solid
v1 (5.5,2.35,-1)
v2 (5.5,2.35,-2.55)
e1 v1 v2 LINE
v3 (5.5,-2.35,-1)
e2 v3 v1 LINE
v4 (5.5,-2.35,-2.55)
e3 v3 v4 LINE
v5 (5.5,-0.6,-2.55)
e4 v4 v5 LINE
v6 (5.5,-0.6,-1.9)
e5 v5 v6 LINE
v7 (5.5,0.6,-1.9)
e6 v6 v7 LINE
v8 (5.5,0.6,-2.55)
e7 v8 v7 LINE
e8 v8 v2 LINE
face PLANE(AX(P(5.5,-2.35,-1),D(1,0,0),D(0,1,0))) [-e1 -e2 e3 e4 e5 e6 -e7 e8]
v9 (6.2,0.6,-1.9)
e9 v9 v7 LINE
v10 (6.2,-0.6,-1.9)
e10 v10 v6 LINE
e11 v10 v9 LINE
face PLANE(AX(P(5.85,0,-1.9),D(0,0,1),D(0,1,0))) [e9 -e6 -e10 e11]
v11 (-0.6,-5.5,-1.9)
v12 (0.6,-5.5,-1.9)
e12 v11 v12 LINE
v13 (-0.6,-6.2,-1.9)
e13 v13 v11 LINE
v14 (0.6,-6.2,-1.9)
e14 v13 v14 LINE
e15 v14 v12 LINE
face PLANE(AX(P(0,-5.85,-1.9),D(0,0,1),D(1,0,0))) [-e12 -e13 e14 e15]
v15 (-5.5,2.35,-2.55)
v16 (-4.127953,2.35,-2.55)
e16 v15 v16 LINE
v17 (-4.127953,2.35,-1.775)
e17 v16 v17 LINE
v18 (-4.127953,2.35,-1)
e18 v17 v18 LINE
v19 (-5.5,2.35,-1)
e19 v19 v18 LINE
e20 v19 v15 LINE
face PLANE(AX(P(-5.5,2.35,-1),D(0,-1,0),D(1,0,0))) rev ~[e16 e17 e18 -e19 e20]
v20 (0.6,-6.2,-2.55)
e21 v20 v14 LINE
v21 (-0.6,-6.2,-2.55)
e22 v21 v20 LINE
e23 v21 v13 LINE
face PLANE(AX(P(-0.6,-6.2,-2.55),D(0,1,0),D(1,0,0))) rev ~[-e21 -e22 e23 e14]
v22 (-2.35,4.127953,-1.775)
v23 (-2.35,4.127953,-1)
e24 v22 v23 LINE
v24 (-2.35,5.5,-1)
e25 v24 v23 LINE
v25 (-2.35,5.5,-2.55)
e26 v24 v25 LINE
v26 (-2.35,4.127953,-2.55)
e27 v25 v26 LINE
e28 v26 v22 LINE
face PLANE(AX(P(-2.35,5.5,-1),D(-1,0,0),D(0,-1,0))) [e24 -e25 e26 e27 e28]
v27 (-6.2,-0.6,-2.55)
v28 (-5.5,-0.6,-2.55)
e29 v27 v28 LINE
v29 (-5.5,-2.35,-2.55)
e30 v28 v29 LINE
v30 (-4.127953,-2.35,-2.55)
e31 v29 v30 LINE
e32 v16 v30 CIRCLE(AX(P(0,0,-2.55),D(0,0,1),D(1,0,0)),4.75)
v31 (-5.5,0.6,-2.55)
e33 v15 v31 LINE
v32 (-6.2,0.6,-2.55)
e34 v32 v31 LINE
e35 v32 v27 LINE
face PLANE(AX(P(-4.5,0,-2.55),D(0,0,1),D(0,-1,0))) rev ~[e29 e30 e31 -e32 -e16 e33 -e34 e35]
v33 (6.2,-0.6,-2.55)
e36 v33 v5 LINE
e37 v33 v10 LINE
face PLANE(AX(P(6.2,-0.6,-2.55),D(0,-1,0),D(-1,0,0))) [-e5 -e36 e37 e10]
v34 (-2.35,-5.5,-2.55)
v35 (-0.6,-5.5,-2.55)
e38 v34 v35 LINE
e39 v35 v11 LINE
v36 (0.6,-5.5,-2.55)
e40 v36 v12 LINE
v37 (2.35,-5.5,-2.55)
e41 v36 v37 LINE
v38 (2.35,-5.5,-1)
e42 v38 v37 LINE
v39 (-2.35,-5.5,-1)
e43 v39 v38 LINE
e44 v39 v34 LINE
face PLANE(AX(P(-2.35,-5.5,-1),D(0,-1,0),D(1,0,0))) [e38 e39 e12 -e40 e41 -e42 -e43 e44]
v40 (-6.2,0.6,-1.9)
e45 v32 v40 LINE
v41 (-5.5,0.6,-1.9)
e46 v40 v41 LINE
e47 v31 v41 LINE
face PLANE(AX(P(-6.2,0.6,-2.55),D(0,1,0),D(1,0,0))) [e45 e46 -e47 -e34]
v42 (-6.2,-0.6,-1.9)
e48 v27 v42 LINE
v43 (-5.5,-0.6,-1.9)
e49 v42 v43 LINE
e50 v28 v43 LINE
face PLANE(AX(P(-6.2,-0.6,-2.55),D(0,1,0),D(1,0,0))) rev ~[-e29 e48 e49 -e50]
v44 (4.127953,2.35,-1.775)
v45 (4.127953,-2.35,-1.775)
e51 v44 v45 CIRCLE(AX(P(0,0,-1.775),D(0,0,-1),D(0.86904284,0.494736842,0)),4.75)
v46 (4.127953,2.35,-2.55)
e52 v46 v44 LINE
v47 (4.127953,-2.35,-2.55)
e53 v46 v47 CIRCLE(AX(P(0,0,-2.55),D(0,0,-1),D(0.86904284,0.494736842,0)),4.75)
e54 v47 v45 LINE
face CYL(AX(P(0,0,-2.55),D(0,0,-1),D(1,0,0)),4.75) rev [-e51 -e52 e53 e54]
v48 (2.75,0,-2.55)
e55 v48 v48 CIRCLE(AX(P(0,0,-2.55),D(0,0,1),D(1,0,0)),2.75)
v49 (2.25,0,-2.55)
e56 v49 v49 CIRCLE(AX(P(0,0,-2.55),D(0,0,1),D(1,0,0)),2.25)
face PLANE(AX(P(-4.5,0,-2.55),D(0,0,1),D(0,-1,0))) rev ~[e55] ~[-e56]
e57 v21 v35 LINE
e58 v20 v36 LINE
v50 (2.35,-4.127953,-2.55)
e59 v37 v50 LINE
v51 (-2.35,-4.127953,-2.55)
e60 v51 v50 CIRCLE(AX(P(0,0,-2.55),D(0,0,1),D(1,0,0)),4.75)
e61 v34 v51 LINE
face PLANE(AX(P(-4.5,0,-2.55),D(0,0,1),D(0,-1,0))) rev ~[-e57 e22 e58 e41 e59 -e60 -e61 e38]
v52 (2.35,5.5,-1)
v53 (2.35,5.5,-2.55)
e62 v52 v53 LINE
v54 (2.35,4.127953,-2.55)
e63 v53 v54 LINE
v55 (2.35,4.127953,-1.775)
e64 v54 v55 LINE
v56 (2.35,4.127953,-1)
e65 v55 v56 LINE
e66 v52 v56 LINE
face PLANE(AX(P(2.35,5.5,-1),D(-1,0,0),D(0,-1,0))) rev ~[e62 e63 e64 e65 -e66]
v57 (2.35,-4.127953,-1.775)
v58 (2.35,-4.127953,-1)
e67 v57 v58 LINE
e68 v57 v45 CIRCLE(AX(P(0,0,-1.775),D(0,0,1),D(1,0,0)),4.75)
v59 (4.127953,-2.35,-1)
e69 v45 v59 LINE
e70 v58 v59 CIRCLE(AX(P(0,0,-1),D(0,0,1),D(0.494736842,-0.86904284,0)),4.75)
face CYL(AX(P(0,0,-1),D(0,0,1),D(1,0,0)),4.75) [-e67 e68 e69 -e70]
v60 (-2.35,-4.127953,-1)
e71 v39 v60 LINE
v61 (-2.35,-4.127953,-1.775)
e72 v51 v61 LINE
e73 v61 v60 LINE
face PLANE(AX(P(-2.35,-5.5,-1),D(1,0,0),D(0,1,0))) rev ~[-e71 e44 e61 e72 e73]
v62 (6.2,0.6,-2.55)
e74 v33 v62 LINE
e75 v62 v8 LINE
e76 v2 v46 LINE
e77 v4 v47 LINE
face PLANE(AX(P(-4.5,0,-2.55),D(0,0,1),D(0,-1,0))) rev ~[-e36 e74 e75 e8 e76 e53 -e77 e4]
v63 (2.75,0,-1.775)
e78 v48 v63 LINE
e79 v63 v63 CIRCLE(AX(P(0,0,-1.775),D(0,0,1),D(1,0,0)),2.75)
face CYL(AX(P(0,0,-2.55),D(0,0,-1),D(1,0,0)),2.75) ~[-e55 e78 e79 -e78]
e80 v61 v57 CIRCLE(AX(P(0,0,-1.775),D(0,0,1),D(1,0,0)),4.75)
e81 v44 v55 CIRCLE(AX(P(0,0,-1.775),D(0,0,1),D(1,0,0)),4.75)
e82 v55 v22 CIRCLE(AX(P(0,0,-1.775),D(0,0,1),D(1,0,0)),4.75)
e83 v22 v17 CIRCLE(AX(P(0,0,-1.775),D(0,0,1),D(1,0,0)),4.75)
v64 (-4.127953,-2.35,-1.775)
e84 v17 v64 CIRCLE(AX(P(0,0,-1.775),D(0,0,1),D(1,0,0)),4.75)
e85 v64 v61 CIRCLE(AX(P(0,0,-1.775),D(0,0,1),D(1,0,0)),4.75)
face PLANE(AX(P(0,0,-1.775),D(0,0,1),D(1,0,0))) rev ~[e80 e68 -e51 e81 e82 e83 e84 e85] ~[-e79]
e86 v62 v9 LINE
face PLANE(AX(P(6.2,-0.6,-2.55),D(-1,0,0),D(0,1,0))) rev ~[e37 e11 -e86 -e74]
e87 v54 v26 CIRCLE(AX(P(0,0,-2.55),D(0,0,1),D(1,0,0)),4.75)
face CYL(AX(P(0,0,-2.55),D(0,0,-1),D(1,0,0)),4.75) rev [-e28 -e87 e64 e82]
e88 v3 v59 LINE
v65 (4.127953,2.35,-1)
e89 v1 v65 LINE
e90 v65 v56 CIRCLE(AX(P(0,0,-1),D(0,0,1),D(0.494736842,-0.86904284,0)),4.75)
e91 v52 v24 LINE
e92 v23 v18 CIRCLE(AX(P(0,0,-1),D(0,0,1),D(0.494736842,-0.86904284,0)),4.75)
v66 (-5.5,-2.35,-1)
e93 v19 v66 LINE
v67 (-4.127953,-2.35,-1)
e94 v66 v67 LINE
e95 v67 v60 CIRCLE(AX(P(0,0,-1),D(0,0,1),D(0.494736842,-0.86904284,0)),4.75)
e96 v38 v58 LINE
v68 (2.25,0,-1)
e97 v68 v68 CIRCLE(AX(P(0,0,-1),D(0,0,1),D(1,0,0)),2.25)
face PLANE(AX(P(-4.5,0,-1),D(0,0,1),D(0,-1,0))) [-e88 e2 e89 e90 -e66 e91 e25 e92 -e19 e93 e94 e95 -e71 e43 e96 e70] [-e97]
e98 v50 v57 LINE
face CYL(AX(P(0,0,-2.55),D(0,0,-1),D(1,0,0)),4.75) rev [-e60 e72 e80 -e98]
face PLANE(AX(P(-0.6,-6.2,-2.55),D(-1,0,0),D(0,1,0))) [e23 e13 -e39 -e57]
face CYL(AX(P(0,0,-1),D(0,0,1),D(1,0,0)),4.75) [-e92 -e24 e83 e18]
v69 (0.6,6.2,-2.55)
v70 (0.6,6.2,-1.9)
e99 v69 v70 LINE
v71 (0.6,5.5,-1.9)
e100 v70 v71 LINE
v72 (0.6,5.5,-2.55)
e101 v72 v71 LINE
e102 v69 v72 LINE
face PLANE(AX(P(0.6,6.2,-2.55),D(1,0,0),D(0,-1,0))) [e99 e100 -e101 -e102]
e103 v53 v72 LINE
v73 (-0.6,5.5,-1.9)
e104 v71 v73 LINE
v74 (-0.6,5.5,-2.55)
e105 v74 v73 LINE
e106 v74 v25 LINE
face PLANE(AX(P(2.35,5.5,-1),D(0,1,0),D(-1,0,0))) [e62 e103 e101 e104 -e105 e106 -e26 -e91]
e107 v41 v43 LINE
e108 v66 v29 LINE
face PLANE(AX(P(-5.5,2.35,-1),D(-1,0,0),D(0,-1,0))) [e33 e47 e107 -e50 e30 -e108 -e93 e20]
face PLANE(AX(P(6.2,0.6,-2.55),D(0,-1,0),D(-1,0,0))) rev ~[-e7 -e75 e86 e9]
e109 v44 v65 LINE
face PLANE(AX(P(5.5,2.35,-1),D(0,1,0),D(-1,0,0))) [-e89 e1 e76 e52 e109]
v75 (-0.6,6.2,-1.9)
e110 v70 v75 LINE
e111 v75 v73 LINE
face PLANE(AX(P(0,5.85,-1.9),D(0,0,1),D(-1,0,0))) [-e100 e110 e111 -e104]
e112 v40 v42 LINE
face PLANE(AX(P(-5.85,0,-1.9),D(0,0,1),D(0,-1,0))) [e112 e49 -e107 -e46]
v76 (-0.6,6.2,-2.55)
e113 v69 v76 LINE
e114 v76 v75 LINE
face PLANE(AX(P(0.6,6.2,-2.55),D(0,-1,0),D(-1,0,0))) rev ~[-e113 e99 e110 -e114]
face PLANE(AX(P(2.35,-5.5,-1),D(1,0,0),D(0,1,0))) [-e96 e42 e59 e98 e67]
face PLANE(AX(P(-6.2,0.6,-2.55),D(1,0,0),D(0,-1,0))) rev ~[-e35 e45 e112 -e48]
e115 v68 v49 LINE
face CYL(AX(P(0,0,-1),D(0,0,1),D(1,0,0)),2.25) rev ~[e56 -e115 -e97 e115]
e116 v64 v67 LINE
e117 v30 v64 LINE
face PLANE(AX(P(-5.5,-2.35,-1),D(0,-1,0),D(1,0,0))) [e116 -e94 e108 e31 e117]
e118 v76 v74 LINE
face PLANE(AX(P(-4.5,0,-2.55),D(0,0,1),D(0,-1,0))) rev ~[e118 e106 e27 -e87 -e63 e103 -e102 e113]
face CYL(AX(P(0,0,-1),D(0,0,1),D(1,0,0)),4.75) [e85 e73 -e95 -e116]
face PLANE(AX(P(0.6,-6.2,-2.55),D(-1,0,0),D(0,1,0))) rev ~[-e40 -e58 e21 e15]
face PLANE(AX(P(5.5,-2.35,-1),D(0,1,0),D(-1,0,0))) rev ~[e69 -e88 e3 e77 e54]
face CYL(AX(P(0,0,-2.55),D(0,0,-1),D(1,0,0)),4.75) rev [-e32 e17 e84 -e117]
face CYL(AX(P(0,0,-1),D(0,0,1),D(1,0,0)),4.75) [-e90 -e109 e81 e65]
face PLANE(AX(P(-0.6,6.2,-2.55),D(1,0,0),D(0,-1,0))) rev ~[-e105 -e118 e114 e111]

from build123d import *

# Parameters (mm, degrees)
SKETCH022_R           = 4.75
SKETCH022_R_2         = 2.25
PAD011_DEPTH          = 1.55
SKETCH023_W           = 4.7
SKETCH023_H           = 2
PAD012_DEPTH          = 1.55
SKETCH025_W           = 1.2
SKETCH025_H           = 0.7
PAD013_DEPTH          = 0.65
POLARPATTERN003_COUNT = 4
SKETCH024_R           = 4.75
SKETCH024_R_2         = 2.75
POCKET009_DEPTH       = 0.775


with BuildPart() as part:
    # Sketch022 → Pad011 (new body)
    with BuildSketch(Plane.XY):
        Circle(SKETCH022_R)
        Circle(SKETCH022_R_2, mode=Mode.SUBTRACT)
    extrude(amount=-PAD011_DEPTH)

    # Sketch023 → Pad012 (join)
    with BuildSketch(Plane.XY):
        with Locations((0, -4.5)):
            Rectangle(SKETCH023_W, SKETCH023_H)
    pad012 = extrude(amount=-PAD012_DEPTH)

    # Sketch025 → Pad013 (join)
    with BuildSketch(Plane.XY.offset(-1.55)):
        with Locations((0, -5.85)):
            Rectangle(SKETCH025_W, SKETCH025_H)
    pad013 = extrude(amount=PAD013_DEPTH)

    # PolarPattern003: Pad012, Pad013 ×4 about axis
    polarpattern003_axis = Axis((0, 0, 0), (0, 0, 1))
    for i in range(1, POLARPATTERN003_COUNT):
        add(pad012.rotate(polarpattern003_axis, i * 360 / POLARPATTERN003_COUNT))
        add(pad013.rotate(polarpattern003_axis, i * 360 / POLARPATTERN003_COUNT))

    # Sketch024 → Pocket009 (cut)
    with BuildSketch(Plane.XY.offset(-1.55)):
        Circle(SKETCH024_R)
        Circle(SKETCH024_R_2, mode=Mode.SUBTRACT)
    extrude(amount=POCKET009_DEPTH, mode=Mode.SUBTRACT)


with BuildPart() as part_1:
    # Body002 placement: moved
    add(part.part.moved(Location((0, 0, -1))))


solid = part_1.part
